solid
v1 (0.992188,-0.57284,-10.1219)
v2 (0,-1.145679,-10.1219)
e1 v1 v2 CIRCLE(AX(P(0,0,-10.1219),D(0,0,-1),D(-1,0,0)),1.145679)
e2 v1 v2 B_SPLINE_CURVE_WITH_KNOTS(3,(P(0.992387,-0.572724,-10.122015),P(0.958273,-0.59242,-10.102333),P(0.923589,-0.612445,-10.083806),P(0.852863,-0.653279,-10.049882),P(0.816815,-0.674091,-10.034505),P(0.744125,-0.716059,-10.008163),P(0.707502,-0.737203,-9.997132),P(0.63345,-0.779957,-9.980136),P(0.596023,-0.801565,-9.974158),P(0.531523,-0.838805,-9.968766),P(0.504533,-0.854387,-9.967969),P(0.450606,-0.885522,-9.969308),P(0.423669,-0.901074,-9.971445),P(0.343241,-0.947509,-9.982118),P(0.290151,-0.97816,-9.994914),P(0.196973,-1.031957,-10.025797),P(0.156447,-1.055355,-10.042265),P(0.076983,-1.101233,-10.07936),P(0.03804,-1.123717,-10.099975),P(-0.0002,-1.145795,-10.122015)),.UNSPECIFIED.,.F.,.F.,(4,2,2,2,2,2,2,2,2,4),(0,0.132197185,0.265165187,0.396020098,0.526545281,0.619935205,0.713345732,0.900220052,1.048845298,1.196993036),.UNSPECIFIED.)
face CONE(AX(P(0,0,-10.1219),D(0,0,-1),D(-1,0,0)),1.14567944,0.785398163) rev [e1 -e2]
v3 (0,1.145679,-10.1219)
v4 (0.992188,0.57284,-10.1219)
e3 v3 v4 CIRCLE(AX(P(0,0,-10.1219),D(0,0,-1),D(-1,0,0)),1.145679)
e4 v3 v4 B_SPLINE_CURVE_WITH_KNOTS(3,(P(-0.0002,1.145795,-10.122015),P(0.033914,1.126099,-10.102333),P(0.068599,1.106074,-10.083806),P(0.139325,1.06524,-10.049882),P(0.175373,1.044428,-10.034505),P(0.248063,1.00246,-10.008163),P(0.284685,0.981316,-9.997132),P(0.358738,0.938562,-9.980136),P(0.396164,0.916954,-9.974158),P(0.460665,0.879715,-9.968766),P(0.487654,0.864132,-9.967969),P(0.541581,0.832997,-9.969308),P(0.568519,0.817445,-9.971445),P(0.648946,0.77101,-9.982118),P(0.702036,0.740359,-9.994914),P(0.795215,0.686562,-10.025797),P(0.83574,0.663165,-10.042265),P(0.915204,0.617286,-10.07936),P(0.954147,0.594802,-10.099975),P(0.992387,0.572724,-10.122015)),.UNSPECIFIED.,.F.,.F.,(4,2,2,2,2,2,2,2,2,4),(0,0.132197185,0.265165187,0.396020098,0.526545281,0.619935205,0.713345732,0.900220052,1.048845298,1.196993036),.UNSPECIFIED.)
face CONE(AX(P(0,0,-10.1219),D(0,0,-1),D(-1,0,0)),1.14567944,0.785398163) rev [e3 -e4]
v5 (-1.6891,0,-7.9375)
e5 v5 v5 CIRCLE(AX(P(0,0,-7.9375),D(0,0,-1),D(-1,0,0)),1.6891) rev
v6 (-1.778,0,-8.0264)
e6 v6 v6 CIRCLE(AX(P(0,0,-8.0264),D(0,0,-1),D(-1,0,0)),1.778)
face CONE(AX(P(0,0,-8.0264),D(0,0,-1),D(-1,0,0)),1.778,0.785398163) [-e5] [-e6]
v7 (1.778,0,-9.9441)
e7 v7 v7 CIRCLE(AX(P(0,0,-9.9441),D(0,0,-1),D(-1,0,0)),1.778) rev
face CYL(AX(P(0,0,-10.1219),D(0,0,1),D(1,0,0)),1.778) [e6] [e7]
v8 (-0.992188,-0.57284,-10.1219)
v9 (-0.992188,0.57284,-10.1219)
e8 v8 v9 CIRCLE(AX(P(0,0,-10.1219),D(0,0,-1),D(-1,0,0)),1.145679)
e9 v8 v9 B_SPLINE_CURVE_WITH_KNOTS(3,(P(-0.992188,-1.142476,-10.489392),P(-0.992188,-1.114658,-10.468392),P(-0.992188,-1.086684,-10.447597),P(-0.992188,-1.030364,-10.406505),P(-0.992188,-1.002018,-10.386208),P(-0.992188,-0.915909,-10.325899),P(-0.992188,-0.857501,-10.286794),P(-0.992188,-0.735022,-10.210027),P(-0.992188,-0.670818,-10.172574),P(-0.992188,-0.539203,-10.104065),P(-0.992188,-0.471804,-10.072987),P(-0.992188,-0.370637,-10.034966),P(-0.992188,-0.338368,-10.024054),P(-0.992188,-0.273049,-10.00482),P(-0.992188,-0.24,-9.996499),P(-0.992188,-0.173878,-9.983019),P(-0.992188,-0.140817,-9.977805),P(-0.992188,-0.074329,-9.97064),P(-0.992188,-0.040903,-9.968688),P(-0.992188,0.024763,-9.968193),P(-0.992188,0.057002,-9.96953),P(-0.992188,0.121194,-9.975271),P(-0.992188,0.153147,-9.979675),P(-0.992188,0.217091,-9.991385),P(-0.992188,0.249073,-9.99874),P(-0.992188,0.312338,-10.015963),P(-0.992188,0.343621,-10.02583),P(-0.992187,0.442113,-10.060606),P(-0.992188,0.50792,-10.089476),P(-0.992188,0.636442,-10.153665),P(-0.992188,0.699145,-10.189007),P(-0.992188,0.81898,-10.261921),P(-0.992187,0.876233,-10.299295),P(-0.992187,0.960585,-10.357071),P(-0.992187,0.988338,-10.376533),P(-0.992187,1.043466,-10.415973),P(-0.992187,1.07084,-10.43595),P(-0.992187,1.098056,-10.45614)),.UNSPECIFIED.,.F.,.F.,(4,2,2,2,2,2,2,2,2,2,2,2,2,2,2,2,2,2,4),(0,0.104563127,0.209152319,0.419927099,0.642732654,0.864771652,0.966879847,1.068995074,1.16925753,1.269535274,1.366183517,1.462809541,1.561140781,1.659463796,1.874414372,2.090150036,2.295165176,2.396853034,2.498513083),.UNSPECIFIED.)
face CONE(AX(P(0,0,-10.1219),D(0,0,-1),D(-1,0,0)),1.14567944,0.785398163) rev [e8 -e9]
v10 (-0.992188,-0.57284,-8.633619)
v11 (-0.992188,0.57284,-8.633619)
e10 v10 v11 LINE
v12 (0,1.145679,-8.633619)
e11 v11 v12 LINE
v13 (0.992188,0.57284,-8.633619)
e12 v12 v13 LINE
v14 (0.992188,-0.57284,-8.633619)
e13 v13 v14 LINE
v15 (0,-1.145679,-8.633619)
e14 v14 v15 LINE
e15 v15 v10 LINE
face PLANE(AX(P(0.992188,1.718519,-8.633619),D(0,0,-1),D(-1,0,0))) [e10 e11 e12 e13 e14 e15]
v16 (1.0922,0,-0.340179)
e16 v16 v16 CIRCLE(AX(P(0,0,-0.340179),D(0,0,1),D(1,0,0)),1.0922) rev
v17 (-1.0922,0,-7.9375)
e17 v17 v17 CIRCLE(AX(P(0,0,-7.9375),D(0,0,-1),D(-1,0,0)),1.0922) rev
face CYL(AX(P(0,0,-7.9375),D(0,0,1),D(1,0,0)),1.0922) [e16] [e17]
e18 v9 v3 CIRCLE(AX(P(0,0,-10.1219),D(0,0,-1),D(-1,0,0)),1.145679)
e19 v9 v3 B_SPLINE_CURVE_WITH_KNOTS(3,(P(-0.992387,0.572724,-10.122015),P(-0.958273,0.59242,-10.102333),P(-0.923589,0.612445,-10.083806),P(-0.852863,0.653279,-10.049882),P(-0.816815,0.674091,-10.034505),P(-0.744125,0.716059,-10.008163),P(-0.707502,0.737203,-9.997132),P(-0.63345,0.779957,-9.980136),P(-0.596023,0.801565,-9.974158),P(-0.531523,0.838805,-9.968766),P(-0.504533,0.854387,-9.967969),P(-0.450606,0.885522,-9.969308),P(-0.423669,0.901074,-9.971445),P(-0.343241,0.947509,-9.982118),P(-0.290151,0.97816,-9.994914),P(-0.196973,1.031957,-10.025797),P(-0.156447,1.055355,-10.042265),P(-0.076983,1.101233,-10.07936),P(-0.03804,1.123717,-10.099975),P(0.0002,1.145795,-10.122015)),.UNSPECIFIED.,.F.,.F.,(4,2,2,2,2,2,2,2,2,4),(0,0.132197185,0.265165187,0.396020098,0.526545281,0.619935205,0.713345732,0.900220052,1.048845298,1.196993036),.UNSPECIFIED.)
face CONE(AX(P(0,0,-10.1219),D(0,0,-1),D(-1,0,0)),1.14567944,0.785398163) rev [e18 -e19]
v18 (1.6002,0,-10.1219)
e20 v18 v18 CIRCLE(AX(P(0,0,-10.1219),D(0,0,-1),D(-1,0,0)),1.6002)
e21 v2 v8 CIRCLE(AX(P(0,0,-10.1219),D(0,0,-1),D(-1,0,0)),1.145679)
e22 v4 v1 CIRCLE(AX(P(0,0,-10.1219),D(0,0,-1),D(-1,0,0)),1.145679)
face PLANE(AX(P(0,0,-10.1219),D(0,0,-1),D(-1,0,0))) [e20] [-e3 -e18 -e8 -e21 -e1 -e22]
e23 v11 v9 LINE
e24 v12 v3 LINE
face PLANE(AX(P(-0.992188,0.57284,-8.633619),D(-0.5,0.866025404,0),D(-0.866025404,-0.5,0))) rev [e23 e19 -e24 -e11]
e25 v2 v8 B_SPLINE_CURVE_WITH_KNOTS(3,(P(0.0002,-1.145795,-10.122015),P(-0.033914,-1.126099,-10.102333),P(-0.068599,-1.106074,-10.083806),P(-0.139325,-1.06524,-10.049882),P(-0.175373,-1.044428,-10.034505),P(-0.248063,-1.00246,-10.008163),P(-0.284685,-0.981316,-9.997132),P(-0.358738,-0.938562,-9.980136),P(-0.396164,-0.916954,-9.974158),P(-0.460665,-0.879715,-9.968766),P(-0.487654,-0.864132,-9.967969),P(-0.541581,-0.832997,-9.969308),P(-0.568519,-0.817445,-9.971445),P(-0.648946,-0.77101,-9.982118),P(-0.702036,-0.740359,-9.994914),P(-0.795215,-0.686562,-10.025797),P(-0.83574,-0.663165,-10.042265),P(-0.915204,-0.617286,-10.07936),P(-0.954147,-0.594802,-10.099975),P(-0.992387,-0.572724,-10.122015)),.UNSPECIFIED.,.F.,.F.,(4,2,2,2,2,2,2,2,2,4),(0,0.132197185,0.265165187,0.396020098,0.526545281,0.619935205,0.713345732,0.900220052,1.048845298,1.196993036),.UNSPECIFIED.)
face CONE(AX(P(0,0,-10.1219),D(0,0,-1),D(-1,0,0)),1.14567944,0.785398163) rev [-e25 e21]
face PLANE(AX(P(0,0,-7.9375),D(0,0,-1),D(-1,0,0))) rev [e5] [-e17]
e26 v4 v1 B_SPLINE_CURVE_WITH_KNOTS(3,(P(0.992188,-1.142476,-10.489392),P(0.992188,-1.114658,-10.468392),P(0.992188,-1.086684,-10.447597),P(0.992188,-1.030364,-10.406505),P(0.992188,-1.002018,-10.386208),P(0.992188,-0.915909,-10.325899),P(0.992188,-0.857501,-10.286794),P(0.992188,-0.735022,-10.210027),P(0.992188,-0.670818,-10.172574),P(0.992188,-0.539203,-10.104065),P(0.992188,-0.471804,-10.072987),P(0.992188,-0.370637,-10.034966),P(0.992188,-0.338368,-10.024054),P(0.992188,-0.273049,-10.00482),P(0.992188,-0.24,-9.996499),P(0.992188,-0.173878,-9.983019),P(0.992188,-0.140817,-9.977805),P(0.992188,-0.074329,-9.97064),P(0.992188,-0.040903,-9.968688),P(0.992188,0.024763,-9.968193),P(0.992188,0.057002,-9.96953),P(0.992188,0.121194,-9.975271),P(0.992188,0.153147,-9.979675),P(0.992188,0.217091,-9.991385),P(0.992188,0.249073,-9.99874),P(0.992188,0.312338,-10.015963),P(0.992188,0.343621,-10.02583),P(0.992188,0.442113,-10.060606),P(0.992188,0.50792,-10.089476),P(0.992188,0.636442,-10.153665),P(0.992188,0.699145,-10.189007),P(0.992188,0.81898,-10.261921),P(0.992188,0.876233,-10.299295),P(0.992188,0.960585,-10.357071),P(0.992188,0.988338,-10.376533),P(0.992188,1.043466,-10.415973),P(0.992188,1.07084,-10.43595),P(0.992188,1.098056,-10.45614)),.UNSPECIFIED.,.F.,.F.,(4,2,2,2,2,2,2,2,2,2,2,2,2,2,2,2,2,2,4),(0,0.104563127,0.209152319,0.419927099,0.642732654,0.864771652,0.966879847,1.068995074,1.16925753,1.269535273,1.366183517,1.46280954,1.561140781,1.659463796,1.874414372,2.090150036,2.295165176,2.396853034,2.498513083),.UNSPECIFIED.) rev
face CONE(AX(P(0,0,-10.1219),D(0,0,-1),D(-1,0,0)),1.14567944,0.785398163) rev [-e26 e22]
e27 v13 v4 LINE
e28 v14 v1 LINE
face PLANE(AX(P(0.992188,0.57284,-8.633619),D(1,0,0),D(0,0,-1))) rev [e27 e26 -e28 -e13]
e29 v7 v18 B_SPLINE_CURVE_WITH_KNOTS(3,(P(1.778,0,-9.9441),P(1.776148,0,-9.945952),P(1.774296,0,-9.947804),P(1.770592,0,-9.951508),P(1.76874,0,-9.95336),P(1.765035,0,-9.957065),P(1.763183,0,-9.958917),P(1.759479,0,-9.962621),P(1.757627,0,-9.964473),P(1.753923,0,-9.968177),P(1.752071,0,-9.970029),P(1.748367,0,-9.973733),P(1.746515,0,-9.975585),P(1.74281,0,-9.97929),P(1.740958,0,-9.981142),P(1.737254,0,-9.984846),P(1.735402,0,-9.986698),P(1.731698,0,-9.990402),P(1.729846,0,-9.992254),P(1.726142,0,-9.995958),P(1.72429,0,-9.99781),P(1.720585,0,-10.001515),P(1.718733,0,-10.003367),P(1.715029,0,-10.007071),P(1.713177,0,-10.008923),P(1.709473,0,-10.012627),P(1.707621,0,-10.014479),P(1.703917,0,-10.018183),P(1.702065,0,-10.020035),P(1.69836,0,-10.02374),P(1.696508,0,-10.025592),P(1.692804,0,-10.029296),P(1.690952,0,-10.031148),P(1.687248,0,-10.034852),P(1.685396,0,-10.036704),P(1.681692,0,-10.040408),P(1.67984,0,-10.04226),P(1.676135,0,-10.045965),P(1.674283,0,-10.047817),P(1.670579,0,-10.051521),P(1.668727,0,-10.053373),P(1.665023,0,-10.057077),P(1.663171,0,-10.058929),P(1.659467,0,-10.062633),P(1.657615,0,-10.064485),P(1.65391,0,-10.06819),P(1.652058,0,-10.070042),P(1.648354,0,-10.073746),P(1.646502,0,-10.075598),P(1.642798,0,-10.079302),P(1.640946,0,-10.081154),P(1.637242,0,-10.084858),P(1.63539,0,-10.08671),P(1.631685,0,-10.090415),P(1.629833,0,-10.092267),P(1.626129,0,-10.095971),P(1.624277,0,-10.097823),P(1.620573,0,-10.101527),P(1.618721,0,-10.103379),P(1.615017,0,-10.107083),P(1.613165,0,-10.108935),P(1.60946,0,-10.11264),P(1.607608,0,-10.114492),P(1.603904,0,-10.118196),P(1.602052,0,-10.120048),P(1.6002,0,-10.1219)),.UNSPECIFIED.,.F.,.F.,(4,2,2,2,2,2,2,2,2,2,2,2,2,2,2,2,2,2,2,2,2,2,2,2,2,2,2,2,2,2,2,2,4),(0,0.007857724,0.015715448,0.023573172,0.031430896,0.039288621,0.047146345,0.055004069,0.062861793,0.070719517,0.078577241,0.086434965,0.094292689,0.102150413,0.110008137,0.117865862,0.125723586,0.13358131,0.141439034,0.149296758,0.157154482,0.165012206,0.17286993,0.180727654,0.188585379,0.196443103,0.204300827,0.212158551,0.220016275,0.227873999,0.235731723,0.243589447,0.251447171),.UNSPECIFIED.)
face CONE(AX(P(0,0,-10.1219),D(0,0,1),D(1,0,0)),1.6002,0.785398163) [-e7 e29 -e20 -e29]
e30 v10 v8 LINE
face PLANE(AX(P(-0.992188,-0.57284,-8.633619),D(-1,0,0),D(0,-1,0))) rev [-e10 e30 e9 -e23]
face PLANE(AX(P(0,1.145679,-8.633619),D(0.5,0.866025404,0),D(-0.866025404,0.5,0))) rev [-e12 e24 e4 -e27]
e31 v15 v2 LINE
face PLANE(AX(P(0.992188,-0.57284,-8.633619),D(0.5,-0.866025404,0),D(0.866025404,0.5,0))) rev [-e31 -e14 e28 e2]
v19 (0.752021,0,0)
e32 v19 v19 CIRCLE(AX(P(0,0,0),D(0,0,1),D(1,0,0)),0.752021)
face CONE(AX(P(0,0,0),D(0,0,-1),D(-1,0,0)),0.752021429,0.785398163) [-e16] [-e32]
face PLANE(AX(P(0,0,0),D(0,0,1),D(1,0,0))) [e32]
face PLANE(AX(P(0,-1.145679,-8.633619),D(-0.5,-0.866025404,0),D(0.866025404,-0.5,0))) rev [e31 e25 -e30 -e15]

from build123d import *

# Parameters (mm, degrees)
SKETCH1_R          = 1.0922
EXTRUDE1_DEPTH     = 7.9375
CHAMFER3_SIZE      = 0.340178571
SKETCH6_R          = 1.778
EXTRUDE2_DEPTH     = 2.1844
CUT_EXTRUDE1_DEPTH = 1.48828125
CHAMFER1_SIZE      = 0.1778
CHAMFER2_SIZE      = 0.0889


with BuildPart() as part:
    # Sketch1 → Extrude1 (new body)
    with BuildSketch(Plane.XY):
        Circle(SKETCH1_R)
    extrude(amount=-EXTRUDE1_DEPTH)

    # Chamfer3
    chamfer3_edges = [part.edges().sort_by_distance(p)[0] for p in [
        (-1.0922, 0, 0),
    ]]
    chamfer(chamfer3_edges, length=CHAMFER3_SIZE)

    # Sketch6 → Extrude2 (add)
    with BuildSketch(Plane(origin=(0, 0, -7.9375), x_dir=(-1, 0, 0), z_dir=(0, 0, -1))):
        Circle(SKETCH6_R)
    extrude(amount=EXTRUDE2_DEPTH)

    # Sketch7 → Cut-Extrude1 (cut)
    with BuildSketch(Plane(origin=(0, 0, -10.1219), x_dir=(-1, 0, 0), z_dir=(0, 0, -1))):
        Polygon((0, 1.14567944), (-0.9921875, 0.57283972), (-0.9921875, -0.57283972), (0, -1.14567944), (0.9921875, -0.57283972), (0.9921875, 0.57283972), align=None)
    extrude(amount=-CUT_EXTRUDE1_DEPTH, mode=Mode.SUBTRACT)

    # Cut-Extrude2 cone 1 section (through the dimple's axis) → Cut-Extrude2 (revolve, cut)
    with BuildSketch(Plane(origin=(0, 0, -10.1219), x_dir=(0, 1, 0), z_dir=(1, 0, 0))):
        Polygon((0, 0), (1.14567944, 0), (0, 1.14567944), align=None)
    revolve(axis=Axis((0, 0, -10.1219), (0, 0, 1)), mode=Mode.SUBTRACT)

    # Chamfer1
    chamfer1_edges = [part.edges().sort_by_distance(p)[0] for p in [
        (1.778, 0, -10.1219),
    ]]
    chamfer(chamfer1_edges, length=CHAMFER1_SIZE)

    # Chamfer2
    chamfer2_edges = [part.edges().sort_by_distance(p)[0] for p in [
        (1.778, 0, -7.9375),
    ]]
    chamfer(chamfer2_edges, length=CHAMFER2_SIZE)


solid = part.part
